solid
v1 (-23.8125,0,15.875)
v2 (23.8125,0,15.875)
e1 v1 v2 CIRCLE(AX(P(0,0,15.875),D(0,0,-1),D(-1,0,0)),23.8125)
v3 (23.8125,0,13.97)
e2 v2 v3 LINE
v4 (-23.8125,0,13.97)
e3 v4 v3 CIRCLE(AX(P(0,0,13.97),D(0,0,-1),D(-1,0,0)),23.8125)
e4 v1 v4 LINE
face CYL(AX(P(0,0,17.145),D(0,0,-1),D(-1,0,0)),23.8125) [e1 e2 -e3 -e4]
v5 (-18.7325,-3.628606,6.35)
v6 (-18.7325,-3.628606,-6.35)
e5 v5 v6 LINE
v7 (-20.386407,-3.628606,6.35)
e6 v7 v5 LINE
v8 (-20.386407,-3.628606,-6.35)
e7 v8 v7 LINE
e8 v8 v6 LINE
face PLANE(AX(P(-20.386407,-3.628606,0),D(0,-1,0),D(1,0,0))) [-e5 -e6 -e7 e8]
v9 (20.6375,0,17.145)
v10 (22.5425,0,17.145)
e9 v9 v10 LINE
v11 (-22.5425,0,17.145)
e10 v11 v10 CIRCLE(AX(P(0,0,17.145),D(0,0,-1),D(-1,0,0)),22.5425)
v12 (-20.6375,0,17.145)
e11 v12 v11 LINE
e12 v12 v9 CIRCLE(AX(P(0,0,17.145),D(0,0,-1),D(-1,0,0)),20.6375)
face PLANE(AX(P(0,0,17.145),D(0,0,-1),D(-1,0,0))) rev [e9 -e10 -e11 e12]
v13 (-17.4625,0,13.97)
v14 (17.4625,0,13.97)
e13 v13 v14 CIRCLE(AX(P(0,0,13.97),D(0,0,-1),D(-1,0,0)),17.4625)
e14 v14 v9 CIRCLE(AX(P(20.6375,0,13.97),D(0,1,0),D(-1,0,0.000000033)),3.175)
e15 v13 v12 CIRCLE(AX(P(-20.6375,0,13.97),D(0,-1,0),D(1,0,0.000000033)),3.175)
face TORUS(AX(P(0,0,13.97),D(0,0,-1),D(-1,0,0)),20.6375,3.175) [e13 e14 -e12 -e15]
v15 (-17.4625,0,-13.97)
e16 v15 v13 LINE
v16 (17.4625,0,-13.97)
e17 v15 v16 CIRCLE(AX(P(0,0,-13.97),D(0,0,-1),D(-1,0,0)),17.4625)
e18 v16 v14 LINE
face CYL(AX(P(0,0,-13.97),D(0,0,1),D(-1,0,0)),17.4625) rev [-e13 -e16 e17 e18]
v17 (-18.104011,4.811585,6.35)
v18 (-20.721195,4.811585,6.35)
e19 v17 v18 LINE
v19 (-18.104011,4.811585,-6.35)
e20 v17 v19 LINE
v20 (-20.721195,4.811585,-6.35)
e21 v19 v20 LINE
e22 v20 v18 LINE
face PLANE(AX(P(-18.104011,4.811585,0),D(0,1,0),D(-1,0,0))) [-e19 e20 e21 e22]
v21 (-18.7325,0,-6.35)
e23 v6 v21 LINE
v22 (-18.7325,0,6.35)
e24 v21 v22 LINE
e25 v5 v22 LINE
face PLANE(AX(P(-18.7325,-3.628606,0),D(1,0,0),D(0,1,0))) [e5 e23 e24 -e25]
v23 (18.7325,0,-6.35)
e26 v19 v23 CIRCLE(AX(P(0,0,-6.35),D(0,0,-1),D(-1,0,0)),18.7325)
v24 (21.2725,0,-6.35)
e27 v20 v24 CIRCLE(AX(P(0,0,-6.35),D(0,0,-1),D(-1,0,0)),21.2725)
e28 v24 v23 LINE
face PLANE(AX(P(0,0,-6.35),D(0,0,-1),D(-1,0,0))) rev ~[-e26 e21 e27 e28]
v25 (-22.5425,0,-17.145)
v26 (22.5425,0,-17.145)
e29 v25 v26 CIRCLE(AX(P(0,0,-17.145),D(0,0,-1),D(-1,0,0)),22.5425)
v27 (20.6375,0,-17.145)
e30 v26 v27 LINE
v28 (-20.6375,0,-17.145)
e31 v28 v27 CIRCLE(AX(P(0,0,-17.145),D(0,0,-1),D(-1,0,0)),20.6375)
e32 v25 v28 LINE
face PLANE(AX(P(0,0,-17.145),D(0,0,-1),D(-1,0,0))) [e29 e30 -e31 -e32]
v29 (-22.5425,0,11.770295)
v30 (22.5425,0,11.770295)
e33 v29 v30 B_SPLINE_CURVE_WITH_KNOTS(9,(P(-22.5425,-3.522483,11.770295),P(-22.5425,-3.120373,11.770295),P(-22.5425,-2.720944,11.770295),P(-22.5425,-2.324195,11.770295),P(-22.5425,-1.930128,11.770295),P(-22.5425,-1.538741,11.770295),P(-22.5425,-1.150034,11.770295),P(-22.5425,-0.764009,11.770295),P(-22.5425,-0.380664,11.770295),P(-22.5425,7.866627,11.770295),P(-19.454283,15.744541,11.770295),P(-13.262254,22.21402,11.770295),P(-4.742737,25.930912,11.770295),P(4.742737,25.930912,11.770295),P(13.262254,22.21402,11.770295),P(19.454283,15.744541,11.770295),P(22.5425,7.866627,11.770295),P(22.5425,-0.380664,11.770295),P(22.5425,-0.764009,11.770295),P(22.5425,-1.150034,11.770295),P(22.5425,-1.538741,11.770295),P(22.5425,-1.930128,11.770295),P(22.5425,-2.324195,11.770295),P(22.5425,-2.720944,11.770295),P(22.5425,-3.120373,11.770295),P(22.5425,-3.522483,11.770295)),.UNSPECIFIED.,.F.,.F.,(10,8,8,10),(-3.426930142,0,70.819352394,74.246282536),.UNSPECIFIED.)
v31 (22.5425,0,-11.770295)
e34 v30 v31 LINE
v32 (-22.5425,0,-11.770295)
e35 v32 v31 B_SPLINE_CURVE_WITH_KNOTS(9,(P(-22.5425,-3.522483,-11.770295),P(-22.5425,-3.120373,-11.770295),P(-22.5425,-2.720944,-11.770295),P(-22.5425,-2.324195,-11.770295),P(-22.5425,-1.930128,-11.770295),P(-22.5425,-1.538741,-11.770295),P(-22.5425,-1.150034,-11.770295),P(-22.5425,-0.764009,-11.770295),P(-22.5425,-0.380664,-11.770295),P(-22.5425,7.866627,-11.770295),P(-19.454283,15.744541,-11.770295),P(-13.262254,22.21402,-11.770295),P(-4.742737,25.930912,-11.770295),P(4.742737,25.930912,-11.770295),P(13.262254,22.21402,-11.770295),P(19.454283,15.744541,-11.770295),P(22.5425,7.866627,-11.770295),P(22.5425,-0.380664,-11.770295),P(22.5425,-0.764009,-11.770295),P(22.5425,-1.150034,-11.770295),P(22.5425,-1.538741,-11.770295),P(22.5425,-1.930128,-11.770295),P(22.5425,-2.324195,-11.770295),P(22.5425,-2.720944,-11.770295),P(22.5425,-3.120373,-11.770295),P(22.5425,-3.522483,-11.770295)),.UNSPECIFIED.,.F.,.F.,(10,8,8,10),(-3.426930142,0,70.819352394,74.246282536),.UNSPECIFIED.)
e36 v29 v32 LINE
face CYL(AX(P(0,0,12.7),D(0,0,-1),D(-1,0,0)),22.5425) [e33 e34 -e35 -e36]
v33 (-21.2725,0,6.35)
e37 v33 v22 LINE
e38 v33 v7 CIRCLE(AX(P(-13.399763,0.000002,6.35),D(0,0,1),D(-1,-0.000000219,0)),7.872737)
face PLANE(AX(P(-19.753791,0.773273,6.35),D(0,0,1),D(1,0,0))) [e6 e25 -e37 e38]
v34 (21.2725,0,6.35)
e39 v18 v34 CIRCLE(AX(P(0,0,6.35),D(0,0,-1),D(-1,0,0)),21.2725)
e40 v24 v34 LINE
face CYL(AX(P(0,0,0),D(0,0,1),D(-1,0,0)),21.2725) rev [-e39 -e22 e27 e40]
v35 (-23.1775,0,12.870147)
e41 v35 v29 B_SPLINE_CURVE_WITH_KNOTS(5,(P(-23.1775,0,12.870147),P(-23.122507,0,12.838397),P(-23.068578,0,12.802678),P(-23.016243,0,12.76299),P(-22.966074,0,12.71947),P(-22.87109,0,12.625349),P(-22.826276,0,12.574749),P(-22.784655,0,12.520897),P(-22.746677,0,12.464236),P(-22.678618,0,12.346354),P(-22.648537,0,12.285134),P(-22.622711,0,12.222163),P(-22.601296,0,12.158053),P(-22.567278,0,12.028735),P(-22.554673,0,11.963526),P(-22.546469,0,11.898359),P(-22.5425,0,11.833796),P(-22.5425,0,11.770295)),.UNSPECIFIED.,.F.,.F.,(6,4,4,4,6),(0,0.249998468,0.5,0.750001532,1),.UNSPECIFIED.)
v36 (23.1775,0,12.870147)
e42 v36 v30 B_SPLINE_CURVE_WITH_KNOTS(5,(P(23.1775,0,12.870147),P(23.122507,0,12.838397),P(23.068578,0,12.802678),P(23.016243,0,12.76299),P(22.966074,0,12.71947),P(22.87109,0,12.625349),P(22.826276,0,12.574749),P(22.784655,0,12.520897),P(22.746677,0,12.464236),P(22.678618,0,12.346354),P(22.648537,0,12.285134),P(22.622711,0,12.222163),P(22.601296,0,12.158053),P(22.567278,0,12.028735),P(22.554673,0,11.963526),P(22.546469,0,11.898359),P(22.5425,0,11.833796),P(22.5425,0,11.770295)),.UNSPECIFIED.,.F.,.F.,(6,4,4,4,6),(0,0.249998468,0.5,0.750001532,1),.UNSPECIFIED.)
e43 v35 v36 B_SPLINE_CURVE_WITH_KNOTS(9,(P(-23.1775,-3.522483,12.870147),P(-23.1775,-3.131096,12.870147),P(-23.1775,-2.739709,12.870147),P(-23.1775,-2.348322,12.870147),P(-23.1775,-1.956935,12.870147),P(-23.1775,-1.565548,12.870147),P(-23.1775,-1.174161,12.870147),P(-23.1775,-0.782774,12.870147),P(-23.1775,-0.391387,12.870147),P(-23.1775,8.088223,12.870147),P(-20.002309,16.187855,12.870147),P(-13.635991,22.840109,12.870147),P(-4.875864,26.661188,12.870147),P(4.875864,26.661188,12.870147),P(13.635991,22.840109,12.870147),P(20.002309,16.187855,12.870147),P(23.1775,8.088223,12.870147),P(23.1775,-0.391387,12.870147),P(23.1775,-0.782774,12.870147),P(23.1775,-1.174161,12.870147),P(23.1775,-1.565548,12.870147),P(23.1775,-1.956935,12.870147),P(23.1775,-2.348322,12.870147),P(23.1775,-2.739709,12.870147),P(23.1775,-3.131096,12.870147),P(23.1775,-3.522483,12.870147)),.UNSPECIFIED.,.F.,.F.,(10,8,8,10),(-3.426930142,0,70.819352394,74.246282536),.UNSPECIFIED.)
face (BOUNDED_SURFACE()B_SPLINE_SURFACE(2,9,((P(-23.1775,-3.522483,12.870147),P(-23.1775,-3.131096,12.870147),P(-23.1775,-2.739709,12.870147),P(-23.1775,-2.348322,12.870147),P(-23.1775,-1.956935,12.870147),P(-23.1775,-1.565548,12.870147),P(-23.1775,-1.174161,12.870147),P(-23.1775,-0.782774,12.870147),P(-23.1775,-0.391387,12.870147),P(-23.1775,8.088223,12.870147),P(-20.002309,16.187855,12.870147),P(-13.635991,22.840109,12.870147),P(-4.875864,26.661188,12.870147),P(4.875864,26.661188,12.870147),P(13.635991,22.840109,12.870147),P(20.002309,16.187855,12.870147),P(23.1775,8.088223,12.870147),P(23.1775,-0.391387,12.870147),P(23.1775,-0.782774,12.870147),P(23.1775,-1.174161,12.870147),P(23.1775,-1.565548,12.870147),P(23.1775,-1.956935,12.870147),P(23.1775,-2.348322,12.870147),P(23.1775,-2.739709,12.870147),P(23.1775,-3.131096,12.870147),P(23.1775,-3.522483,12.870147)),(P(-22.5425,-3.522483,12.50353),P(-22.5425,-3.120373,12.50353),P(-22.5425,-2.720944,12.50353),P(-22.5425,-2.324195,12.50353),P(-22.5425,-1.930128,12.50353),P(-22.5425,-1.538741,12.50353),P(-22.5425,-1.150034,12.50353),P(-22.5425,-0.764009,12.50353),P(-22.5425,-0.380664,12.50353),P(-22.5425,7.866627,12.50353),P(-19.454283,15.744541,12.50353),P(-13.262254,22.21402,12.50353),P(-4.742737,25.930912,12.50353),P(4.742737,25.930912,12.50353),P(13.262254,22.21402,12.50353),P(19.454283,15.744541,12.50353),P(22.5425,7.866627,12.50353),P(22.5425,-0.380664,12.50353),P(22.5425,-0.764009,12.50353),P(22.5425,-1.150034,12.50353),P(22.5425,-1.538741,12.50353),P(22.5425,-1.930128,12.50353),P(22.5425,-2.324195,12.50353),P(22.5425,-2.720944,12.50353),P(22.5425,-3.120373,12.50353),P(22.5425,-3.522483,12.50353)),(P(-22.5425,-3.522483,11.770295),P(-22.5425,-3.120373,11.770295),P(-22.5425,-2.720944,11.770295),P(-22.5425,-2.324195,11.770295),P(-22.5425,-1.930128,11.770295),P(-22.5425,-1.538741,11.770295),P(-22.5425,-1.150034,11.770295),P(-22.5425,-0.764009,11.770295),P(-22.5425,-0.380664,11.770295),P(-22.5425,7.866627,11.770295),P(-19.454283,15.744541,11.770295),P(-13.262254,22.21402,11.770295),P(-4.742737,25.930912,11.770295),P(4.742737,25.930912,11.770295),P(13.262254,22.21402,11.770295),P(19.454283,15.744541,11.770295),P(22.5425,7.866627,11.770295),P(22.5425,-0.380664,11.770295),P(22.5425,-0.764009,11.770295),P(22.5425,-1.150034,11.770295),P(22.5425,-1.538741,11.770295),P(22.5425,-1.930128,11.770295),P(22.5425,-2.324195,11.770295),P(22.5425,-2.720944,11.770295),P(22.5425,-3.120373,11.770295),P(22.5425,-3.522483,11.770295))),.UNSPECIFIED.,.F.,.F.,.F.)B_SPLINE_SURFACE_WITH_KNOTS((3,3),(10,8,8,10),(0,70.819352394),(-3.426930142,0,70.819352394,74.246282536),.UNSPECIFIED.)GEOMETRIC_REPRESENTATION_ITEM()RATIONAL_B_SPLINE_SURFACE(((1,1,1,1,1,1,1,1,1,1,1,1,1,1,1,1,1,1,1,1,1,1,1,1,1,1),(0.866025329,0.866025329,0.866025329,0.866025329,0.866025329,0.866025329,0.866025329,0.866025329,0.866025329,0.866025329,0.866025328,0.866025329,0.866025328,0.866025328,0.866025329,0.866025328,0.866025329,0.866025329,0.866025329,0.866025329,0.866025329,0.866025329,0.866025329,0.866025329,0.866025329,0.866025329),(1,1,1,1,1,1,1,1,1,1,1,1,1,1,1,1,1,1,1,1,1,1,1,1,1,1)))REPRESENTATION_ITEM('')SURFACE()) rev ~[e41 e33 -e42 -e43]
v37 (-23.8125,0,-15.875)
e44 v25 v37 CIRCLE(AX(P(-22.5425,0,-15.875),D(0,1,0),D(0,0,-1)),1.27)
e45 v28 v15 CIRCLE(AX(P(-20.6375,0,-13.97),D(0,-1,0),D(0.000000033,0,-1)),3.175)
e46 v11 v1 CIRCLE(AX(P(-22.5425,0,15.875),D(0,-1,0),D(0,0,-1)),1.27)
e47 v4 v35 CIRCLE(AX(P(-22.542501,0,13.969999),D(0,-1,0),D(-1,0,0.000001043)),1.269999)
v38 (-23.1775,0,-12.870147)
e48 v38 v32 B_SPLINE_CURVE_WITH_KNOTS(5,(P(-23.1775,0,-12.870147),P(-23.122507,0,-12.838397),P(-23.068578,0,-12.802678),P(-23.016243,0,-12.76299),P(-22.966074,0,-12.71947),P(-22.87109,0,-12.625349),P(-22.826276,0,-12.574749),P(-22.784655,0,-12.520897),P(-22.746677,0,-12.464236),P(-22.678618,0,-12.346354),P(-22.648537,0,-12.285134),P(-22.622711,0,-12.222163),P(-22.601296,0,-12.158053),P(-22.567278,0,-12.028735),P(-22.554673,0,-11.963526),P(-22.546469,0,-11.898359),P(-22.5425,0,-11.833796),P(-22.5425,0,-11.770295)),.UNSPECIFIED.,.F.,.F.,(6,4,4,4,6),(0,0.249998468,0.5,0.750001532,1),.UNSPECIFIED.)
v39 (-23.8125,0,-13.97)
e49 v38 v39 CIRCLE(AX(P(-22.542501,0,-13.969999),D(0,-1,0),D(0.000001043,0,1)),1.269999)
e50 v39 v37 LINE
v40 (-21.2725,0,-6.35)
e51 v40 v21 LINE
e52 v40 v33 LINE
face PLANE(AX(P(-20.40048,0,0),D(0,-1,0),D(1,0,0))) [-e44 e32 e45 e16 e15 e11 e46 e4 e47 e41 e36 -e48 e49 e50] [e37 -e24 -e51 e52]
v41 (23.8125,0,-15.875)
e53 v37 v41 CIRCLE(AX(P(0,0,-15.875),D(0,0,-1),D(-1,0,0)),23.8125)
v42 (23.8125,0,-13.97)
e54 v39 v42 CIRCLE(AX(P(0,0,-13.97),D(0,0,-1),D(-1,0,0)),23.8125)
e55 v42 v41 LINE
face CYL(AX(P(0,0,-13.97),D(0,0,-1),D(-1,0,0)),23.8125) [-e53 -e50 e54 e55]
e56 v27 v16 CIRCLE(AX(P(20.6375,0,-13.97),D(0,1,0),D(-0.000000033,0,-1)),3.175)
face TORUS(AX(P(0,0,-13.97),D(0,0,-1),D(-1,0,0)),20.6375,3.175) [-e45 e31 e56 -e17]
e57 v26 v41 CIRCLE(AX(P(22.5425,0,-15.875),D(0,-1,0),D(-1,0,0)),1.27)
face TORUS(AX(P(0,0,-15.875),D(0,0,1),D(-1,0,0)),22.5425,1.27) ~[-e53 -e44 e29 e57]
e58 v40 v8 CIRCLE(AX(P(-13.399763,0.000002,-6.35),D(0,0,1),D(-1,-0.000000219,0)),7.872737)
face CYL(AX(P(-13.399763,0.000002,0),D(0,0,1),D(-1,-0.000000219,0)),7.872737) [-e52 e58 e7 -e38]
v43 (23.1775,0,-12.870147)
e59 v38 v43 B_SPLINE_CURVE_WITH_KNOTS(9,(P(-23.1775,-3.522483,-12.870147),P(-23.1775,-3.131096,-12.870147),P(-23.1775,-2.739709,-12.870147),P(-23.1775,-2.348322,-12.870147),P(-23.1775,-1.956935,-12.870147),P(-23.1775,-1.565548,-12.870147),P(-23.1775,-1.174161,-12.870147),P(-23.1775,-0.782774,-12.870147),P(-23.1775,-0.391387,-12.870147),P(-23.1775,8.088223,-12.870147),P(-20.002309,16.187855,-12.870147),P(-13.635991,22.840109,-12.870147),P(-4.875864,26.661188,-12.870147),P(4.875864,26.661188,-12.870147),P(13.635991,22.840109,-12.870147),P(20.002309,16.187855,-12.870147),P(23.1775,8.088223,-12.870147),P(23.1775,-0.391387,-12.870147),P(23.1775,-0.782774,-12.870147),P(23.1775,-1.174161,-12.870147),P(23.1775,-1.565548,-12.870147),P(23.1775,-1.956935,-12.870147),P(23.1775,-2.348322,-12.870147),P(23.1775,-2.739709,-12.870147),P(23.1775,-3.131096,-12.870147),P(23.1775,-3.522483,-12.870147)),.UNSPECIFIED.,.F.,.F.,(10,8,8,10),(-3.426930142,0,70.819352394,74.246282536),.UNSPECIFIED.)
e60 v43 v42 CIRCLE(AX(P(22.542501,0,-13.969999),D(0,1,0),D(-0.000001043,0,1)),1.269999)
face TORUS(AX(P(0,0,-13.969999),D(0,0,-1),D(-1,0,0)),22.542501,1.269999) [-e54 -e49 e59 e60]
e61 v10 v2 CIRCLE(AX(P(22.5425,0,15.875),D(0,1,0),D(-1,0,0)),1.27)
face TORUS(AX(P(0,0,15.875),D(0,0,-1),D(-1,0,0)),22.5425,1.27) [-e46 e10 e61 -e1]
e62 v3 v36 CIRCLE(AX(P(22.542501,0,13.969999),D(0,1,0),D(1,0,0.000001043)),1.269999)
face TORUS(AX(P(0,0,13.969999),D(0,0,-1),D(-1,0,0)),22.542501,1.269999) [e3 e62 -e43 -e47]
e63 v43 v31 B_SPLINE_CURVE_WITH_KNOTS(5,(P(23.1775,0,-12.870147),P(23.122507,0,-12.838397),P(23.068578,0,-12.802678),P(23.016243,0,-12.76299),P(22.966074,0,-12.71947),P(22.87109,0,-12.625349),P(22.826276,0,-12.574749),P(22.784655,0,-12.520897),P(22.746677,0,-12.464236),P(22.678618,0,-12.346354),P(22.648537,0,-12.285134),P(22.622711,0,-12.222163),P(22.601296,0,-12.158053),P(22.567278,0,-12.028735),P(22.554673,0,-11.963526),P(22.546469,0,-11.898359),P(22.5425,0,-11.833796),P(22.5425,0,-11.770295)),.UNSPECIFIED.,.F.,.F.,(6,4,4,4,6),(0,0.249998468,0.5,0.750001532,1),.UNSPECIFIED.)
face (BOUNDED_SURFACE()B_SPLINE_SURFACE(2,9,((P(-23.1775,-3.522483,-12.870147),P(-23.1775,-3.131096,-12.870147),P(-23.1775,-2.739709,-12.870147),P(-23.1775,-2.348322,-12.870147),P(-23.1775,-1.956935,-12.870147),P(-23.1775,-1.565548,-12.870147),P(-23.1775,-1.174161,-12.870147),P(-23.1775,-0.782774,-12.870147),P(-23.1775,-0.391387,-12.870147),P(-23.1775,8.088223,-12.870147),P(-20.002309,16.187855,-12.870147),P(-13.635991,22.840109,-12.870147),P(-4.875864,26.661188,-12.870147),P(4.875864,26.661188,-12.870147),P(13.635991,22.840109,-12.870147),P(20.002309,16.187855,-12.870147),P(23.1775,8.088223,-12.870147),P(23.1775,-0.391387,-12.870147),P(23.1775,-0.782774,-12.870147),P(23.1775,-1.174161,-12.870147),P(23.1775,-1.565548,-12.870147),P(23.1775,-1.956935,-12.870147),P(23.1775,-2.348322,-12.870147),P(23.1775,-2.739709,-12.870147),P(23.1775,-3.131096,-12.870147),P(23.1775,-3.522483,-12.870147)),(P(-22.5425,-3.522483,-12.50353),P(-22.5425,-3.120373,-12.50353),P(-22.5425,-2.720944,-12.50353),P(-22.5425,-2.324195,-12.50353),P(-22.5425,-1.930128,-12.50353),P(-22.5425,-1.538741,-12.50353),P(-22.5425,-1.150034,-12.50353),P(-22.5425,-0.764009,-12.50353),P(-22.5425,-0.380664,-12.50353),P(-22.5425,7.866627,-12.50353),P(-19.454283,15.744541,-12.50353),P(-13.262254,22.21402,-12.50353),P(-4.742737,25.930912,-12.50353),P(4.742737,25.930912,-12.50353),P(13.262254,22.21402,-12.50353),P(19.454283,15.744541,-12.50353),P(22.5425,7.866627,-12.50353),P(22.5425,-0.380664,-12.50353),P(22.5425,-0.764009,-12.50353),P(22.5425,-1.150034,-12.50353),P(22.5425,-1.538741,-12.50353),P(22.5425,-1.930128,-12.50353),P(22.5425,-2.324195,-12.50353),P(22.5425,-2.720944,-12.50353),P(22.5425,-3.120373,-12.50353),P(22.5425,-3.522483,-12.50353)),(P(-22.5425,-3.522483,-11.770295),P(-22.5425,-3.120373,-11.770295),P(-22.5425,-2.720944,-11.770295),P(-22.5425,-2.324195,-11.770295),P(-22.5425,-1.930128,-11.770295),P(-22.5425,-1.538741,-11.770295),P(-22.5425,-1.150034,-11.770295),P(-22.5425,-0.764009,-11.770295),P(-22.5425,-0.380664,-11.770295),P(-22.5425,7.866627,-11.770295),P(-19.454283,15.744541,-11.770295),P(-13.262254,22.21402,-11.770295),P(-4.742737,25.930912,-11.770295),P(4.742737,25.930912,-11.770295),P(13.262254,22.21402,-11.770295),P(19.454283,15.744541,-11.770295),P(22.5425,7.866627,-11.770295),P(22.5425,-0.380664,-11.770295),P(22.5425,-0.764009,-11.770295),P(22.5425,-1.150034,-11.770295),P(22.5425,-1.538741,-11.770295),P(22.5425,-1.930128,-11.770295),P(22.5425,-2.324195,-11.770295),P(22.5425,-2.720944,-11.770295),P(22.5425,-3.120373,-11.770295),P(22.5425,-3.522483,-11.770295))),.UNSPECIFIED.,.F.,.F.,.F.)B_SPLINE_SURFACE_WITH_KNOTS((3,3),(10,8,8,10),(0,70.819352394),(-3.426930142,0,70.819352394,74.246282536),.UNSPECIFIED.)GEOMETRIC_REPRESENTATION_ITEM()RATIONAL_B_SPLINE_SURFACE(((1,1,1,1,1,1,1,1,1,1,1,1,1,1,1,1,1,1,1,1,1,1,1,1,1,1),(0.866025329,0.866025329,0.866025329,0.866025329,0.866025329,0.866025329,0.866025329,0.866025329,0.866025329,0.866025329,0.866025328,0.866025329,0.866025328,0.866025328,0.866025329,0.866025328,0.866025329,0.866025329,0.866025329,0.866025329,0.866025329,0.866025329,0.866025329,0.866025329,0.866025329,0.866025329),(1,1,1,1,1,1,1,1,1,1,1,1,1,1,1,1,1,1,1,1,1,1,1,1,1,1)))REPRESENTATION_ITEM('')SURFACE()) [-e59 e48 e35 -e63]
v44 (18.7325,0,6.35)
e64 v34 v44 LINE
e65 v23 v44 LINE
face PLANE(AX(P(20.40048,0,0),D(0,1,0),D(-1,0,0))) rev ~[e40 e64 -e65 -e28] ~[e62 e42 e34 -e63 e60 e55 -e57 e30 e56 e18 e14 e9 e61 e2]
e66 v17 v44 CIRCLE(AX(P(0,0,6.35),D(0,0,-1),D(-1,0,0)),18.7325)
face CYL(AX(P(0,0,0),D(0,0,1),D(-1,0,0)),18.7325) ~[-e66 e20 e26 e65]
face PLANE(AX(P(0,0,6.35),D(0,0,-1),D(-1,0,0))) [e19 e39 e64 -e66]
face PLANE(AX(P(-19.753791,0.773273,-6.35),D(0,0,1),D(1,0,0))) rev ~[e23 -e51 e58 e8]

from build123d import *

# Parameters (mm, degrees)
F0_W     = 2.54
F0_H     = 12.7
F1_ANGLE = 180
F3_DEPTH = 6.35
F4_R     = 1.27


with BuildPart() as f1:
    # F0 (on Front) → F1 (revolve)
    with BuildSketch(Plane.XZ):
        with BuildLine():
            Line((-17.4625, -13.97), (-17.4625, 13.97))
            ThreePointArc((-17.4625, 13.97), (-18.392436, 16.215064), (-20.6375, 17.145))
            Line((-20.6375, 17.145), (-23.8125, 17.145))
            Line((-23.8125, 17.145), (-23.8125, 13.97))
            ThreePointArc((-23.8125, 13.97), (-23.440526, 13.071974), (-22.5425, 12.7))
            Line((-22.5425, 12.7), (-22.5425, -12.7))
            ThreePointArc((-22.5425, -12.7), (-23.440526, -13.071974), (-23.8125, -13.97))
            Line((-23.8125, -13.97), (-23.8125, -17.145))
            Line((-23.8125, -17.145), (-20.6375, -17.145))
            ThreePointArc((-20.6375, -17.145), (-18.392436, -16.215064), (-17.4625, -13.97))
        make_face()
        with Locations((-20.0025, 0)):
            Rectangle(F0_W, F0_H, mode=Mode.SUBTRACT)
    revolve(axis=Axis((0, 0, 0), (0, 0, -1)), revolution_arc=F1_ANGLE)

    # F2 (on Top) → F3 (join, symmetric)
    with BuildSketch(Plane.XY):
        with BuildLine():
            Line((-18.104011, 4.811585), (-20.721195, 4.811585))
            ThreePointArc((-20.721195, 4.811585), (-21.134224, 2.421533), (-21.2725, 0))
            ThreePointArc((-21.2725, 0), (-21.047769, -1.867615), (-20.386407, -3.628606))
            Line((-20.386407, -3.628606), (-18.7325, -3.628606))
            Line((-18.7325, -3.628606), (-18.7325, 0))
            ThreePointArc((-18.7325, 0), (-18.574713, 2.426229), (-18.104011, 4.811585))
        make_face()
    extrude(amount=F3_DEPTH, both=True)

    # F4
    f4_edges = [f1.edges().sort_by_distance(p)[0] for p in [
        (0, 22.5425, 12.7),
        (0, 22.5425, -12.7),
        (0, 23.8125, 17.145),
        (0, 23.8125, -17.145),
    ]]
    fillet(f4_edges, radius=F4_R)


solid = f1.part
